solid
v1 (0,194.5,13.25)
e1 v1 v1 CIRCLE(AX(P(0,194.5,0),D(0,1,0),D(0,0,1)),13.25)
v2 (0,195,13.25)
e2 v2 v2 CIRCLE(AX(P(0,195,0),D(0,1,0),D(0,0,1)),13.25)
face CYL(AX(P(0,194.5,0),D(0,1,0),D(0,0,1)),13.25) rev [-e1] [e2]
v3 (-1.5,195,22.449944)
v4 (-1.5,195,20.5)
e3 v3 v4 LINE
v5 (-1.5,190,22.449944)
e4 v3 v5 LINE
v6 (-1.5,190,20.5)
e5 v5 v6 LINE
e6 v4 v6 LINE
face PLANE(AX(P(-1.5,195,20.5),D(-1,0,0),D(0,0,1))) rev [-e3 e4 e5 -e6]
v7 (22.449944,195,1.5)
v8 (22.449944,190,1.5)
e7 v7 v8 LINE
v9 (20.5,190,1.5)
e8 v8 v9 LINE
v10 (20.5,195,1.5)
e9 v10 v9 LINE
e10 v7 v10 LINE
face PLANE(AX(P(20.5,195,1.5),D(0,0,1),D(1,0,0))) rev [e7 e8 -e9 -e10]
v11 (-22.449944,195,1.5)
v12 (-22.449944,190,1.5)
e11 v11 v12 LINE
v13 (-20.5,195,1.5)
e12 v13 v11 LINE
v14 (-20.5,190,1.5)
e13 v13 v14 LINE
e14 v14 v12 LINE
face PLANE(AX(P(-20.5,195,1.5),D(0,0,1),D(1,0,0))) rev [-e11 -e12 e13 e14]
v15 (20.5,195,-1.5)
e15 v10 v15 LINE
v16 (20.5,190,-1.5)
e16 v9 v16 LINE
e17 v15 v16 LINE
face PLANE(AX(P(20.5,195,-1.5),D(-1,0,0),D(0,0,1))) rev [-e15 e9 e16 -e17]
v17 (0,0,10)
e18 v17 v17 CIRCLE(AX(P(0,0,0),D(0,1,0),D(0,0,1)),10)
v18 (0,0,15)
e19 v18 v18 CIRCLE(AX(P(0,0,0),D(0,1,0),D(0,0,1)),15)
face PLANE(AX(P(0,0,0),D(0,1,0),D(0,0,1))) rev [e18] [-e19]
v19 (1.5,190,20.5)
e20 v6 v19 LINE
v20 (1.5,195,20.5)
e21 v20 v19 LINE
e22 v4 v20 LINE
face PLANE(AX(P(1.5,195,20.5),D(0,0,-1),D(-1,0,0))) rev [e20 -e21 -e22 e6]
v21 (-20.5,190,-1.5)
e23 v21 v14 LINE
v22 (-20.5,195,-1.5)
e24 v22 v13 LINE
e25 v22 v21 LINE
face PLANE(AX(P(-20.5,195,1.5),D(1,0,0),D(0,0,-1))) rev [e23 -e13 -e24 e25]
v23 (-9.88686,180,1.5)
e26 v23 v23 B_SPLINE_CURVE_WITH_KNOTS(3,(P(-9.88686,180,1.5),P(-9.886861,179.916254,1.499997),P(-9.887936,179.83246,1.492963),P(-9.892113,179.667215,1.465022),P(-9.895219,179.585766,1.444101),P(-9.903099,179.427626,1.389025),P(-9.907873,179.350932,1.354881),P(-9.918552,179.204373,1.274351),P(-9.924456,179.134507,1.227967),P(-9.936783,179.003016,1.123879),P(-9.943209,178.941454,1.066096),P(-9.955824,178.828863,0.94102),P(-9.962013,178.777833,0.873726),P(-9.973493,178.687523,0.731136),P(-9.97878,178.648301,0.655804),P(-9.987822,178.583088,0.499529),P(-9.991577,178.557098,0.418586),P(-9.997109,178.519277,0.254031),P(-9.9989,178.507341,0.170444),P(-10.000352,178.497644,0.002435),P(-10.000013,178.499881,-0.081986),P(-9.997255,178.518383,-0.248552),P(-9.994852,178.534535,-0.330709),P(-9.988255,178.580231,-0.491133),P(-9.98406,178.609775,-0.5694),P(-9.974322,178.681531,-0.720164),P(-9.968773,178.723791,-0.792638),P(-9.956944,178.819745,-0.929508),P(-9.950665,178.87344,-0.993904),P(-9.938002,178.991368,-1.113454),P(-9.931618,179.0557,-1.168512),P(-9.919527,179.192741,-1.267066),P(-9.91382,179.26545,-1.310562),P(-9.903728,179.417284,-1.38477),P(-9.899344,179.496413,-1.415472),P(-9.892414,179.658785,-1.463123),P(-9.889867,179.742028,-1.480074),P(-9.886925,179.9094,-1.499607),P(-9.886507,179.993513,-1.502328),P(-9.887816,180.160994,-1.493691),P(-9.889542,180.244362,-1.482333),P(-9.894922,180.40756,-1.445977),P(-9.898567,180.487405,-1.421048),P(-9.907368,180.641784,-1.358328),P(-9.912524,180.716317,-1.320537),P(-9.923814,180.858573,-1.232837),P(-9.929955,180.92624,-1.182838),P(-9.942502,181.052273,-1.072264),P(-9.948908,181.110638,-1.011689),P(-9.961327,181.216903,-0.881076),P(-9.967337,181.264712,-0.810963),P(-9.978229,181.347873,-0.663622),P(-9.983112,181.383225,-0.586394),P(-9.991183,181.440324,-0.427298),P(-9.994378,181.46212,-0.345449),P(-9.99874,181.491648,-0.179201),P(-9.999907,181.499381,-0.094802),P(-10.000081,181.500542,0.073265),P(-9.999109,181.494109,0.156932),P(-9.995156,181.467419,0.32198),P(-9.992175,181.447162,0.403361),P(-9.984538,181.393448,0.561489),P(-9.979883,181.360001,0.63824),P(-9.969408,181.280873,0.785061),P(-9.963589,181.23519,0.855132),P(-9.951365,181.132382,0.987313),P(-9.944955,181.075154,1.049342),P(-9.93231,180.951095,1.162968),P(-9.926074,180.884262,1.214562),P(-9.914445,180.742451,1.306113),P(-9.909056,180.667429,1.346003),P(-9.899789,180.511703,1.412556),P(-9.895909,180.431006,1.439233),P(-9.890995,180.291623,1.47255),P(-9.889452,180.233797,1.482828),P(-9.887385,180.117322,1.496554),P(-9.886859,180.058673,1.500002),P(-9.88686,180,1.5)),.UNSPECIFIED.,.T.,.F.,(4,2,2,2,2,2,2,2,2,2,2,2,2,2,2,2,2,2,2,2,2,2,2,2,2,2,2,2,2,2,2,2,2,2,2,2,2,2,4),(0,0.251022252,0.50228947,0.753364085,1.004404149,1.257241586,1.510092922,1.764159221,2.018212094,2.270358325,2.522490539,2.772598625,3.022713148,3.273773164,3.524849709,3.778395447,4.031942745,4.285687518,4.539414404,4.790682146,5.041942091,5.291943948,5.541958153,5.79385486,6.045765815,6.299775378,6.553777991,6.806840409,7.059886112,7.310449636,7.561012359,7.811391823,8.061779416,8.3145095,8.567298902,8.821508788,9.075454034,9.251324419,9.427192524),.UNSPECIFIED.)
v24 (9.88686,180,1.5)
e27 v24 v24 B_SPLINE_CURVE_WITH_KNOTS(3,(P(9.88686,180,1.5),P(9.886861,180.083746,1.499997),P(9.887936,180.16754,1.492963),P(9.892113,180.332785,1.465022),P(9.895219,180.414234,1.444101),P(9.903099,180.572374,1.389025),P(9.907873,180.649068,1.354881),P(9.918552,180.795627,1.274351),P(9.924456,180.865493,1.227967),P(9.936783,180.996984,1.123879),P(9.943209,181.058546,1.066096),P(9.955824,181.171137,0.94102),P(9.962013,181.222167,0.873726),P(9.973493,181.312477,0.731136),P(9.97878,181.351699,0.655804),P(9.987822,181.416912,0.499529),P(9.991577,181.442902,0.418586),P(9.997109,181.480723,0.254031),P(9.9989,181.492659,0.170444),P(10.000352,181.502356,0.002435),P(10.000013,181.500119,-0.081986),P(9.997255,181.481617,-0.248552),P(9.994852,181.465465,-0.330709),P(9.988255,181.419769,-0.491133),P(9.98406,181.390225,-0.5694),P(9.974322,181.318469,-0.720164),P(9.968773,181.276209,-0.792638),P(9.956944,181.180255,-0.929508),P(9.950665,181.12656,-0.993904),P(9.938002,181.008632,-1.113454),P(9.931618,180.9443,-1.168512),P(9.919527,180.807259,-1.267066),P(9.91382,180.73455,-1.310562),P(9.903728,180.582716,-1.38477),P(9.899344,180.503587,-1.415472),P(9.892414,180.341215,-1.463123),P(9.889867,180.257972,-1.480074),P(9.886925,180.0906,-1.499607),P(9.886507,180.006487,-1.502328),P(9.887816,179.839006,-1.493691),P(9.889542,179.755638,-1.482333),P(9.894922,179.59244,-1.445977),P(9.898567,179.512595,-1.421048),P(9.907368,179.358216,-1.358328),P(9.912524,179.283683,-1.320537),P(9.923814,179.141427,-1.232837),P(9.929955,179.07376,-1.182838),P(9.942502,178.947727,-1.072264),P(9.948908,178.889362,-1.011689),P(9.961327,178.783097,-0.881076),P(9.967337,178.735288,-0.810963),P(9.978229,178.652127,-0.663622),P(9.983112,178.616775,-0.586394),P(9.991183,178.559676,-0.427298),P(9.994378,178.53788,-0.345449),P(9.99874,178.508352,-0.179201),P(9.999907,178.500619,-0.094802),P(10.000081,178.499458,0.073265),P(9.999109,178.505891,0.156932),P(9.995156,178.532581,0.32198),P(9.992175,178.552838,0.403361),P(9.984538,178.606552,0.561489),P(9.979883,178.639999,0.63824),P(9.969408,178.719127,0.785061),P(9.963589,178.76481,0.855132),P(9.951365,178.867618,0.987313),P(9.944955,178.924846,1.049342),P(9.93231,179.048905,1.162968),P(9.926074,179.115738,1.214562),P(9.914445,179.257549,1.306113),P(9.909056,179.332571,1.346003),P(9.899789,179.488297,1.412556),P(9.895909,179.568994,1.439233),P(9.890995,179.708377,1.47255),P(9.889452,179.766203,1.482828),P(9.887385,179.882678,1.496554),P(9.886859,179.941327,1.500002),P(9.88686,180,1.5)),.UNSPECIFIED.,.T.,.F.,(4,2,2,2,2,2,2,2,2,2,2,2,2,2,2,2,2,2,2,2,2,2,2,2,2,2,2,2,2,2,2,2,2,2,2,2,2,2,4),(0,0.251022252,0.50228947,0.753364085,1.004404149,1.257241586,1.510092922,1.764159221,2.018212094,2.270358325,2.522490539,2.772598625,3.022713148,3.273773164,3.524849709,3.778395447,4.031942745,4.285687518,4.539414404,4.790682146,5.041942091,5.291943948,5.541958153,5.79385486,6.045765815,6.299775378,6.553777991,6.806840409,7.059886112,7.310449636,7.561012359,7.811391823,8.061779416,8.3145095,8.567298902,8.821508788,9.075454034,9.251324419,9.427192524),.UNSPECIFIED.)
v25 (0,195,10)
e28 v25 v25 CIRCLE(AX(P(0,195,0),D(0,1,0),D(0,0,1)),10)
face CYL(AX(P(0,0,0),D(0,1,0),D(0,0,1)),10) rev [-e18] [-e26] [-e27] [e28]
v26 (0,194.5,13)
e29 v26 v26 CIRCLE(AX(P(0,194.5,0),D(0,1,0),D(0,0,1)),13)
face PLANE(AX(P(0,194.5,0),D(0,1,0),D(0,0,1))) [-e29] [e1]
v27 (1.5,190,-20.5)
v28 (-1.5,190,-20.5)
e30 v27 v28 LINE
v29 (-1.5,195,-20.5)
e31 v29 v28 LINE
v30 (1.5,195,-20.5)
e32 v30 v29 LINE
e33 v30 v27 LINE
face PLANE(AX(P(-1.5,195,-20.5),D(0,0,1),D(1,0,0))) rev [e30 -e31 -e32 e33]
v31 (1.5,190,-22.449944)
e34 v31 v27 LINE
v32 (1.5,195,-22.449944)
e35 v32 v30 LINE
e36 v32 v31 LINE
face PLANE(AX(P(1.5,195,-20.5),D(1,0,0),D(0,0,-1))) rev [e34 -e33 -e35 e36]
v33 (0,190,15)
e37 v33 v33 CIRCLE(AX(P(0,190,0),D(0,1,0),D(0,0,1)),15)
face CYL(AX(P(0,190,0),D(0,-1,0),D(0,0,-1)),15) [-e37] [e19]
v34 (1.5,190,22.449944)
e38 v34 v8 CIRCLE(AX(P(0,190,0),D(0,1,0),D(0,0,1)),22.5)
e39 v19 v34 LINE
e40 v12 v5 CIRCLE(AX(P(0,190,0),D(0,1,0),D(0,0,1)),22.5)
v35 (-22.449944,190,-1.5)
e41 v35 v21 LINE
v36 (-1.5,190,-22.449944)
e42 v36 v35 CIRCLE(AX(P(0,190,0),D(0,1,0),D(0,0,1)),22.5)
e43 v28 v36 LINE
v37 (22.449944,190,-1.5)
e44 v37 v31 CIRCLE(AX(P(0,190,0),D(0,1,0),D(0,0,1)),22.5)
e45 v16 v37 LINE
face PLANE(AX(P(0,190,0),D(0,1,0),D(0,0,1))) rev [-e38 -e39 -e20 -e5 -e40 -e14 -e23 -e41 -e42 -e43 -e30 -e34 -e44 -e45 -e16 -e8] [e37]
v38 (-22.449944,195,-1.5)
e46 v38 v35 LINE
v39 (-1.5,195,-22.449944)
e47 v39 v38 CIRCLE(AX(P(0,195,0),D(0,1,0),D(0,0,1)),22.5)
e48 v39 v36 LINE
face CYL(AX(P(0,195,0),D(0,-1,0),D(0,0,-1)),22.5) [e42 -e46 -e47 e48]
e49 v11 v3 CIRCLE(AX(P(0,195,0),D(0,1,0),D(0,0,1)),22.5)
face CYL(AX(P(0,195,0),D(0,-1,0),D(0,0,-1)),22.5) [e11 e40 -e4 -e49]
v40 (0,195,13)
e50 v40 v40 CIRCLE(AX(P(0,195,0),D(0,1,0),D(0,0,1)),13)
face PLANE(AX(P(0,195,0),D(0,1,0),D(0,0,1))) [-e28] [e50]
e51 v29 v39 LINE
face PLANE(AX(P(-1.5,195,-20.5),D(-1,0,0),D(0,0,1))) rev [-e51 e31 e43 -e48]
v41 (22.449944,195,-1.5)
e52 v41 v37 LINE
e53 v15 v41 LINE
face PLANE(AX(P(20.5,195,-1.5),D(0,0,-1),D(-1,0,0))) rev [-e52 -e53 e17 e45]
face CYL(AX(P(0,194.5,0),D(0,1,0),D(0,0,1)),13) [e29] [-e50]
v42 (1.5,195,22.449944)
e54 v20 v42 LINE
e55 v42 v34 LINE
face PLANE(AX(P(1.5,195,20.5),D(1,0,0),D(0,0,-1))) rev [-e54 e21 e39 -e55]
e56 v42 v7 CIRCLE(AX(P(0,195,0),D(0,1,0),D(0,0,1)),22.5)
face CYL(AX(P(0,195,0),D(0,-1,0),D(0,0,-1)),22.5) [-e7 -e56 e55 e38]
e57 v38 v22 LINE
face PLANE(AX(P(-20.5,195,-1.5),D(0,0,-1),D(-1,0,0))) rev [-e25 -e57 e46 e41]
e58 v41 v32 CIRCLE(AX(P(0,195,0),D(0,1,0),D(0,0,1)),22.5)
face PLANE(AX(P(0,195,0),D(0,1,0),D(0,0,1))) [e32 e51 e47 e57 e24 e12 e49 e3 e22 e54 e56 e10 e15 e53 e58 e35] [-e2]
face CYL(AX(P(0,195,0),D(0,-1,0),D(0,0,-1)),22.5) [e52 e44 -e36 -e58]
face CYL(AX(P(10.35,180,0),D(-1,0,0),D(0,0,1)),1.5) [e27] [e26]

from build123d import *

# Parameters (mm, degrees)
SKETCH1_R           = 15
BOSS_EXTRUDE1_DEPTH = 190
BOSS_EXTRUDE2_DEPTH = 5
SKETCH3_R           = 13.25
SKETCH3_R_2         = 13
CUT_EXTRUDE1_DEPTH  = 0.5
SKETCH4_R           = 10
CUT_EXTRUDE2_DEPTH  = 198.567709912
SKETCH5_R           = 1.5
BOSS_EXTRUDE3_DEPTH = 10.35


with BuildPart() as part:
    # Sketch1 → Boss-Extrude1 (new body)
    with BuildSketch(Plane(origin=(0, 0, 0), x_dir=(1, 0, 0), z_dir=(0, 1, 0))):
        with Locations(Location((0, 0, 0), (0, 0, 270))):
            Circle(SKETCH1_R)
    extrude(amount=BOSS_EXTRUDE1_DEPTH)

    # Sketch2 → Boss-Extrude2 (add)
    with BuildSketch(Plane(origin=(0, 190, 0), x_dir=(1, 0, 0), z_dir=(0, 1, 0))):
        with BuildLine():
            Line((-1.5, 20.5), (1.5, 20.5))
            Line((1.5, 20.5), (1.5, 22.449944321))
            ThreePointArc((1.5, 22.449944321), (15.909902577, 15.909902577), (22.449944321, 1.5))
            Line((22.449944321, 1.5), (20.5, 1.5))
            Line((20.5, 1.5), (20.5, -1.5))
            Line((20.5, -1.5), (22.449944321, -1.5))
            ThreePointArc((22.449944321, -1.5), (15.909902577, -15.909902577), (1.5, -22.449944321))
            Line((1.5, -22.449944321), (1.5, -20.5))
            Line((1.5, -20.5), (-1.5, -20.5))
            Line((-1.5, -20.5), (-1.5, -22.449944321))
            ThreePointArc((-1.5, -22.449944321), (-15.909902577, -15.909902577), (-22.449944321, -1.5))
            Line((-22.449944321, -1.5), (-20.5, -1.5))
            Line((-20.5, -1.5), (-20.5, 1.5))
            Line((-20.5, 1.5), (-22.449944321, 1.5))
            ThreePointArc((-22.449944321, 1.5), (-15.909902577, 15.909902577), (-1.5, 22.449944321))
            Line((-1.5, 22.449944321), (-1.5, 20.5))
        make_face()
    extrude(amount=BOSS_EXTRUDE2_DEPTH)

    # Sketch3 → Cut-Extrude1 (cut)
    with BuildSketch(Plane(origin=(0, 195, 0), x_dir=(1, 0, 0), z_dir=(0, 1, 0))):
        with Locations(Location((0, 0, 0), (0, 0, 270))):
            Circle(SKETCH3_R)
        with Locations(Location((0, 0, 0), (0, 0, 270))):
            Circle(SKETCH3_R_2, mode=Mode.SUBTRACT)
    extrude(amount=-CUT_EXTRUDE1_DEPTH, mode=Mode.SUBTRACT)

    # Sketch4 → Cut-Extrude2 (cut, through all)
    with BuildSketch(Plane(origin=(0, 195, 0), x_dir=(1, 0, 0), z_dir=(0, 1, 0))):
        with Locations(Location((0, 0, 0), (0, 0, 270))):
            Circle(SKETCH4_R)
    extrude(amount=-CUT_EXTRUDE2_DEPTH, mode=Mode.SUBTRACT)

    # Sketch5 → Boss-Extrude3 (add, symmetric)
    with BuildSketch(Plane(origin=(0, 0, 0), x_dir=(0, 0, -1), z_dir=(1, 0, 0))):
        with Locations(Location((0, 180, 0), (0, 0, 180))):
            Circle(SKETCH5_R)
    extrude(amount=BOSS_EXTRUDE3_DEPTH, both=True)


solid = part.part
